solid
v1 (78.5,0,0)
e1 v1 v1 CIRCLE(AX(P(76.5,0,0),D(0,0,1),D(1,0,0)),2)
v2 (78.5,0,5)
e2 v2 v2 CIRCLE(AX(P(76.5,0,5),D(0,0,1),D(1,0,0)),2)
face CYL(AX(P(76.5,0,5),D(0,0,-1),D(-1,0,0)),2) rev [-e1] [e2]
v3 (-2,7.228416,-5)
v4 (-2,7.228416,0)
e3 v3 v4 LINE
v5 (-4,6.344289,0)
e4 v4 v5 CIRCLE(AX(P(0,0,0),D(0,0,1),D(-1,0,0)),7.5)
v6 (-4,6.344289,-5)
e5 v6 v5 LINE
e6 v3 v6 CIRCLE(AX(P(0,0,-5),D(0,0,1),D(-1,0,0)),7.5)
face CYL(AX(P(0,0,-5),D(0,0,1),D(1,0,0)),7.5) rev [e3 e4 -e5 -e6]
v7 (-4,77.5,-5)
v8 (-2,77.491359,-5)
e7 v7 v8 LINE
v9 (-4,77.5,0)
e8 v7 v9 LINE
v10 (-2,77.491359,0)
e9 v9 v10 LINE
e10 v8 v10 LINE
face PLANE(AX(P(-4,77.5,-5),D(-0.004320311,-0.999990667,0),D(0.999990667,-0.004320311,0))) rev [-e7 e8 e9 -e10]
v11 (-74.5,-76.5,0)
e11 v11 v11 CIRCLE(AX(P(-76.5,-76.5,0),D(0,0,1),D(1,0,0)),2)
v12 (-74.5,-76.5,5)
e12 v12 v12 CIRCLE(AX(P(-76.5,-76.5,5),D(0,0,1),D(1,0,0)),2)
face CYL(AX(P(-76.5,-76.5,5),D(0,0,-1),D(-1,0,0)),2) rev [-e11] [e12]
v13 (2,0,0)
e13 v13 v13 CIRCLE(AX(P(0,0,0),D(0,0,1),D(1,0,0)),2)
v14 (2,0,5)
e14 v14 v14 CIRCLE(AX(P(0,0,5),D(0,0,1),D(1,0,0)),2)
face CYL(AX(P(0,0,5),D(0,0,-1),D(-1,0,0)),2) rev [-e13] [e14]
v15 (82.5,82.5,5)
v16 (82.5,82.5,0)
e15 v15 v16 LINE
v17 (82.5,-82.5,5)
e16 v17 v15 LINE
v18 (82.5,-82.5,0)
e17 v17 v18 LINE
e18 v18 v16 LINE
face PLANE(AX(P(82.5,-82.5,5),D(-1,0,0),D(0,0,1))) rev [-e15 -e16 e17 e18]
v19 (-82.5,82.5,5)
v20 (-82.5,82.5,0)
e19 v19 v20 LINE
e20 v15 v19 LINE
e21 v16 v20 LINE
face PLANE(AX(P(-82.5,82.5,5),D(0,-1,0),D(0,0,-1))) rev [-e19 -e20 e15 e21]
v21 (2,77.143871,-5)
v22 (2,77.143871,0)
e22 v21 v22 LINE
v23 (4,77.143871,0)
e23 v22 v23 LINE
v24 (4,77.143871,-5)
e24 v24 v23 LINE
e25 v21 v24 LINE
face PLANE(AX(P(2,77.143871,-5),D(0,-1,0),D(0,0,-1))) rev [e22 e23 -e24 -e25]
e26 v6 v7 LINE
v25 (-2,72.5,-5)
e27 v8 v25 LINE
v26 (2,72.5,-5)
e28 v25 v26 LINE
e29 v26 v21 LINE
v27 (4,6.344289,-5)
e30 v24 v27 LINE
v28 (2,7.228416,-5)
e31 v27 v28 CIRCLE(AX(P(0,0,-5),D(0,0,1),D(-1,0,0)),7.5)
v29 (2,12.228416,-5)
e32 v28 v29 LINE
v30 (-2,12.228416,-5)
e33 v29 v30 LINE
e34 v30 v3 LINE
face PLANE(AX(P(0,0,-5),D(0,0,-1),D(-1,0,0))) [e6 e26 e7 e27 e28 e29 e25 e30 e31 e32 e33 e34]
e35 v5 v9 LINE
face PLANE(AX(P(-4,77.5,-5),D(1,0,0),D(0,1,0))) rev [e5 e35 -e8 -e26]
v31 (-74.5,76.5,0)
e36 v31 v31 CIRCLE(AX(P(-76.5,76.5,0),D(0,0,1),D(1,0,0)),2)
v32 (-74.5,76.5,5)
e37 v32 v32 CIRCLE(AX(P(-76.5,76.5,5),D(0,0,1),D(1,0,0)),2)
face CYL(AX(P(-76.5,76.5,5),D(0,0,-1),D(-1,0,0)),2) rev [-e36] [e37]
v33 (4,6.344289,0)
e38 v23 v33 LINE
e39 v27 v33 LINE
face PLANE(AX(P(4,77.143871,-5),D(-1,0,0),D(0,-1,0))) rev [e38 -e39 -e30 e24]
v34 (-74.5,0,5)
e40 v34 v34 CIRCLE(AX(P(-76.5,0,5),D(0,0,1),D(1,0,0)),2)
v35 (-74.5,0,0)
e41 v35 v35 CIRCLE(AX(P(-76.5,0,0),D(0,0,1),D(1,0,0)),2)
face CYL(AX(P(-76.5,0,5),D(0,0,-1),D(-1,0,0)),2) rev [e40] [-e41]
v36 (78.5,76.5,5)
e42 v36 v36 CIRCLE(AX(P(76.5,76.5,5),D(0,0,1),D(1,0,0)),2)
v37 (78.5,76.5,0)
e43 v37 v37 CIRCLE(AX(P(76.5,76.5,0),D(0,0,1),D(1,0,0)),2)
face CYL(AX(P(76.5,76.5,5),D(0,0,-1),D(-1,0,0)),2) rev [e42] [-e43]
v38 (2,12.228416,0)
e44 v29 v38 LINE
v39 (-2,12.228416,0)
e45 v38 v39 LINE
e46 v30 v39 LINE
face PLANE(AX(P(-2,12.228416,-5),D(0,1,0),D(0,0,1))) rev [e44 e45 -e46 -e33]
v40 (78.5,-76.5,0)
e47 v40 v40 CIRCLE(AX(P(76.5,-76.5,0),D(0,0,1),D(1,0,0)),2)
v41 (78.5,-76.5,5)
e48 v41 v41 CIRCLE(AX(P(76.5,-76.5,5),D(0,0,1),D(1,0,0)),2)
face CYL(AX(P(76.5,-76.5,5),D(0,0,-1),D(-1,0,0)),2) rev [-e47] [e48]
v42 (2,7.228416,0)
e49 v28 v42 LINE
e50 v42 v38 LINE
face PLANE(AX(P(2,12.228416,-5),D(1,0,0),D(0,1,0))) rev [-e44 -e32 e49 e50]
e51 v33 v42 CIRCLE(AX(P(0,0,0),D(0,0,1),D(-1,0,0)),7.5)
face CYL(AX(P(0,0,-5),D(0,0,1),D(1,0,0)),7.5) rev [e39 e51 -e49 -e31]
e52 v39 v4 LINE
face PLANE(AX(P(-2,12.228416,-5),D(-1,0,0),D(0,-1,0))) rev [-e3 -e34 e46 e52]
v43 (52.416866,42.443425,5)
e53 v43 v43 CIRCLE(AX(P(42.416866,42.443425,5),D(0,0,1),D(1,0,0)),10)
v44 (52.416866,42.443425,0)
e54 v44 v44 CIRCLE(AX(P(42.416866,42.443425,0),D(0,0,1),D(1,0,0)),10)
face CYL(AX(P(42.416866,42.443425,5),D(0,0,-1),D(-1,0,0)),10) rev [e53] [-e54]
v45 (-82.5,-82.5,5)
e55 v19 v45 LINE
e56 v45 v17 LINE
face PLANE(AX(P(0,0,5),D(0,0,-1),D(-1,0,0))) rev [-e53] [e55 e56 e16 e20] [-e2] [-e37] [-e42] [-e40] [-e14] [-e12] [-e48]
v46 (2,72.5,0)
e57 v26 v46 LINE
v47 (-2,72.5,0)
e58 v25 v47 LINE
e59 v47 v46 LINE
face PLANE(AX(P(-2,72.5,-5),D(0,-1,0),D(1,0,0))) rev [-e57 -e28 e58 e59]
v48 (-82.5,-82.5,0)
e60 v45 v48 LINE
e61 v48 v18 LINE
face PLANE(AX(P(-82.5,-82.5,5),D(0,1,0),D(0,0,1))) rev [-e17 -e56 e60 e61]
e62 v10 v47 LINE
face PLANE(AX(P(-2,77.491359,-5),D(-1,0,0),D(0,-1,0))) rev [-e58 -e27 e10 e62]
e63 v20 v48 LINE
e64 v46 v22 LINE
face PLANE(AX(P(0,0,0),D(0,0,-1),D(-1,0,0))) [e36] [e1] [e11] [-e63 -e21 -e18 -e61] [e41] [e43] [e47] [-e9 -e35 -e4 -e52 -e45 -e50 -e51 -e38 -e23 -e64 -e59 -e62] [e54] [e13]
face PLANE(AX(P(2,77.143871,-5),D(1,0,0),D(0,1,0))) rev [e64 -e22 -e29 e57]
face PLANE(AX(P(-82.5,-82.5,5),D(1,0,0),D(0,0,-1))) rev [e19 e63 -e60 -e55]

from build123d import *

# Parameters (mm, degrees)
ESQUISSE1_W        = 165
ESQUISSE1_H        = 165
ESQUISSE1_R        = 2
ESQUISSE1_R_2      = 10
BOSS_EXTRU_1_DEPTH = 5
BOSS_EXTRU_2_DEPTH = 5


with BuildPart() as part:
    # Esquisse1 → Boss.-Extru.1 (new body)
    with BuildSketch(Plane.XY):
        Rectangle(ESQUISSE1_W, ESQUISSE1_H)
        with Locations((-76.5, 76.5)):
            Circle(ESQUISSE1_R, mode=Mode.SUBTRACT)
        with Locations((-76.5, 0)):
            Circle(ESQUISSE1_R, mode=Mode.SUBTRACT)
        with Locations((-76.5, -76.5)):
            Circle(ESQUISSE1_R, mode=Mode.SUBTRACT)
        with Locations((76.5, -76.5)):
            Circle(ESQUISSE1_R, mode=Mode.SUBTRACT)
        with Locations((76.5, 0)):
            Circle(ESQUISSE1_R, mode=Mode.SUBTRACT)
        with Locations((76.5, 76.5)):
            Circle(ESQUISSE1_R, mode=Mode.SUBTRACT)
        Circle(ESQUISSE1_R, mode=Mode.SUBTRACT)
        with Locations((42.41686608, 42.443425371)):
            Circle(ESQUISSE1_R_2, mode=Mode.SUBTRACT)
    extrude(amount=BOSS_EXTRU_1_DEPTH)

    # Esquisse2 → Boss.-Extru.2 (add)
    with BuildSketch(Plane(origin=(0, 0, 0), x_dir=(-1, 0, 0), z_dir=(0, 0, -1))):
        with BuildLine():
            Line((4, 77.5), (4, 6.34428877))
            ThreePointArc((4, 6.34428877), (3.032395143, 6.859634079), (2, 7.228416147))
            Line((2, 7.228416147), (2, 12.228416147))
            Line((2, 12.228416147), (-2, 12.228416147))
            Line((-2, 12.228416147), (-2, 7.228416147))
            ThreePointArc((-2, 7.228416147), (-3.032395143, 6.859634079), (-4, 6.34428877))
            Line((-4, 6.34428877), (-4, 77.143871387))
            Line((-4, 77.143871387), (-2, 77.143871387))
            Line((-2, 77.143871387), (-2, 72.5))
            Line((-2, 72.5), (2, 72.5))
            Line((2, 72.5), (2, 77.491359298))
            Line((2, 77.491359298), (4, 77.5))
        make_face()
    extrude(amount=BOSS_EXTRU_2_DEPTH)


solid = part.part
